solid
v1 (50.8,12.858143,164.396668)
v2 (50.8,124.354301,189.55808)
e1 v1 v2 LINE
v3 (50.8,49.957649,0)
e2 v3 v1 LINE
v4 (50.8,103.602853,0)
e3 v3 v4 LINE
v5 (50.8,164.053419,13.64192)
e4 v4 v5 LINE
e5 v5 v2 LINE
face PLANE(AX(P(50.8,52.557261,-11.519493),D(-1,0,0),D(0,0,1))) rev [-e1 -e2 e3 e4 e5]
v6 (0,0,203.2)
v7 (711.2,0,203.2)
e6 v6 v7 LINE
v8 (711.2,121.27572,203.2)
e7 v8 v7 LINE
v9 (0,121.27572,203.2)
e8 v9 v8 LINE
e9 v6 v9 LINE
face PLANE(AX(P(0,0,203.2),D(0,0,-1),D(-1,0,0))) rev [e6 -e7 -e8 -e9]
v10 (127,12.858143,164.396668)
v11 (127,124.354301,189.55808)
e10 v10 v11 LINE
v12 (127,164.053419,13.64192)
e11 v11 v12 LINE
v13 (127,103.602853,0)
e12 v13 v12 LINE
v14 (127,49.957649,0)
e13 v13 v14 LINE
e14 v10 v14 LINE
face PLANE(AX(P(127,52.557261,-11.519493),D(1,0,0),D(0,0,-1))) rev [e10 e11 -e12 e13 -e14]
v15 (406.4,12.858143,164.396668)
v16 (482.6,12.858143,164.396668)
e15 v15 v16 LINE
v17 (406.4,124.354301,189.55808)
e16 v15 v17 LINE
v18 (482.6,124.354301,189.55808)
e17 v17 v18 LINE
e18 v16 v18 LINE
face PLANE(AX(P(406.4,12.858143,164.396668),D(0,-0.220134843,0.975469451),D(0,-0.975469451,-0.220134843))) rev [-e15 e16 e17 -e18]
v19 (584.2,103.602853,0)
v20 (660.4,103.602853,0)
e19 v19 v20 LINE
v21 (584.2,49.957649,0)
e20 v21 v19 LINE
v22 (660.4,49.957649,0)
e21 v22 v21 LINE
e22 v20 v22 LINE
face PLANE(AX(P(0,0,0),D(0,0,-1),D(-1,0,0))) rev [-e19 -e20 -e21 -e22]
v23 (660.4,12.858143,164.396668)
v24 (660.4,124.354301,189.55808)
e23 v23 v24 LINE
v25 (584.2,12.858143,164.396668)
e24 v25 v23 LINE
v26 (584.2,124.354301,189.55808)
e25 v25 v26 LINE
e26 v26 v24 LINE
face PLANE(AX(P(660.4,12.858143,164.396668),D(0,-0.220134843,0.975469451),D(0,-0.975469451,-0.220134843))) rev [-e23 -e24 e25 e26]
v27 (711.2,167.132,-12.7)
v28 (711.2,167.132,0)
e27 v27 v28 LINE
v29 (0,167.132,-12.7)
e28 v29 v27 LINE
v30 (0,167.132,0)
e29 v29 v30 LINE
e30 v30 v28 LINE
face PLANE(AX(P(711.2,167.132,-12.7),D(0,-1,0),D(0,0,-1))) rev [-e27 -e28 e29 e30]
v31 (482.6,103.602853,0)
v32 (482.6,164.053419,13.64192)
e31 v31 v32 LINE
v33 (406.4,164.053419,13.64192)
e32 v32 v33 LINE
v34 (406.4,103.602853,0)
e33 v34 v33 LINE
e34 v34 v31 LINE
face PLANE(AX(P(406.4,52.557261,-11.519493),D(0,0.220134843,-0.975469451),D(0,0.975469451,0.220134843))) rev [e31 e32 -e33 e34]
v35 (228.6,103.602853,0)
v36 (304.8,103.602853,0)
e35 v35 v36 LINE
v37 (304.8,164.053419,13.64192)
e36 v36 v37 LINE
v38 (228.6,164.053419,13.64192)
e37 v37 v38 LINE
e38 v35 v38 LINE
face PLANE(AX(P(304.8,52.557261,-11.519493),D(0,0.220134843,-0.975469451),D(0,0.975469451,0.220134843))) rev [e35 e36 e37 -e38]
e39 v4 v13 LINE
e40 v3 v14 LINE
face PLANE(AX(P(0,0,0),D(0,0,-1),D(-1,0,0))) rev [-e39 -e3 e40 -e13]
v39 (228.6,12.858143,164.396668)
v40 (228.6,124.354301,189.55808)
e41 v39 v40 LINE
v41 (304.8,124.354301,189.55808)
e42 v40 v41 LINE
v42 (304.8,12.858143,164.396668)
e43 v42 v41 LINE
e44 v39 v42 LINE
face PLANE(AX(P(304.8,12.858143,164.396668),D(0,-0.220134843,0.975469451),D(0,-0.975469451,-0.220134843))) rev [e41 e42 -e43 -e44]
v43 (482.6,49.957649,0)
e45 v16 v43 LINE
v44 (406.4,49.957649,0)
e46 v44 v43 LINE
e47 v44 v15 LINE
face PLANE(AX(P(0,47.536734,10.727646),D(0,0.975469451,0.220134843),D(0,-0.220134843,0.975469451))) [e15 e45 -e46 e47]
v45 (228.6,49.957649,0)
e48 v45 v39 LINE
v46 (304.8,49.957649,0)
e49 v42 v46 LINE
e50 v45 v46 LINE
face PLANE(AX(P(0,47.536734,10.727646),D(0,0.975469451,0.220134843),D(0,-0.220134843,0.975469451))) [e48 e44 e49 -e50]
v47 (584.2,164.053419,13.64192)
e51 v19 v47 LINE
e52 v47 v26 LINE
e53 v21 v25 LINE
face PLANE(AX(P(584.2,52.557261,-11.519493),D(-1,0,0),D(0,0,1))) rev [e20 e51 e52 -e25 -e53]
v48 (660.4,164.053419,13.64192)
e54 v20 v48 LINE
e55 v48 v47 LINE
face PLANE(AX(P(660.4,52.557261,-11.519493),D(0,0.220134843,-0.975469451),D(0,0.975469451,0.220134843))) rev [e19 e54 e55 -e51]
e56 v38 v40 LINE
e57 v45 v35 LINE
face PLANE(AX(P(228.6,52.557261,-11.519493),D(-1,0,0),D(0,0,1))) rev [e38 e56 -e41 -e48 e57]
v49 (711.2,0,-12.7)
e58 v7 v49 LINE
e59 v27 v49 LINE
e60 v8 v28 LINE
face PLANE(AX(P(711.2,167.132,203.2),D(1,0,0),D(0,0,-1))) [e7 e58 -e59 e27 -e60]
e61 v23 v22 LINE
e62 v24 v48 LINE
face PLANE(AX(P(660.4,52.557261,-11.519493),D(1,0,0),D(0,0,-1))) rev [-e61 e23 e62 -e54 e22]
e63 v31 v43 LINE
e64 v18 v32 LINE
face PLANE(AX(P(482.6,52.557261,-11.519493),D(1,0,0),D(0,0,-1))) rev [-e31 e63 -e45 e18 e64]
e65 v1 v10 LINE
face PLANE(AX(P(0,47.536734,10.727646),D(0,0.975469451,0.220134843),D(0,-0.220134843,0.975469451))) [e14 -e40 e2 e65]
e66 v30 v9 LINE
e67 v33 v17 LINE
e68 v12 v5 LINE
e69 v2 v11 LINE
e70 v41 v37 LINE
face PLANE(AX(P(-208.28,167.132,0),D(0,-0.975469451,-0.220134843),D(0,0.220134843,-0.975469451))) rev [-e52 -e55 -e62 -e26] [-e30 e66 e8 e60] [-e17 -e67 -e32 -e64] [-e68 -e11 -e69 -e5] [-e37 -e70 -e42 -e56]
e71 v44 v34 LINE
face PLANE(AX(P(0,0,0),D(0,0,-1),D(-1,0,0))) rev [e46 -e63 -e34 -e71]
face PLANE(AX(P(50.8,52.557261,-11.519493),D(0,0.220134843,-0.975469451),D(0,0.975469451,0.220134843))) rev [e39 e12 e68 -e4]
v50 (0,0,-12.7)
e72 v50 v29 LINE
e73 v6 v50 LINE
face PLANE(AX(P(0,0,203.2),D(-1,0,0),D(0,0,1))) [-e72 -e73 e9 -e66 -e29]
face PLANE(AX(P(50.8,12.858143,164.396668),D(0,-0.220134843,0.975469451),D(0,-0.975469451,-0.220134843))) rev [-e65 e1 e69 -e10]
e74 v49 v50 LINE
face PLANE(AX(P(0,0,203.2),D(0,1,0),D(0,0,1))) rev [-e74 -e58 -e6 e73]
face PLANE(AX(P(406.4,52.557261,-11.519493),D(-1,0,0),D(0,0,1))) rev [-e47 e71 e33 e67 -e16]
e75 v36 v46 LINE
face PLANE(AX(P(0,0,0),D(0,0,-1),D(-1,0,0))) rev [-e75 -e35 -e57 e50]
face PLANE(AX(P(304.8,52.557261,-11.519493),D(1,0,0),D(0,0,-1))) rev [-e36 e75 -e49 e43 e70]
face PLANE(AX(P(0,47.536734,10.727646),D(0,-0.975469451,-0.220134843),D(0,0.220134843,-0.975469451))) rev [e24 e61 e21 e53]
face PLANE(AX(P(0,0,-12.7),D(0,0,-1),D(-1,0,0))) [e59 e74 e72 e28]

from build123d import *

# Parameters (mm, degrees)
SKETCH1_W           = 711.2
SKETCH1_H           = 167.132
BOSS_EXTRUDE2_DEPTH = 203.2
CUT_EXTRUDE3_DEPTH  = 919.48
SKETCH6_W           = 76.2
SKETCH6_H           = 180.34
CUT_EXTRUDE5_DEPTH  = 114.3
SKETCH7_W           = 711.2
SKETCH7_H           = 167.132
BOSS_EXTRUDE3_DEPTH = 12.7


with BuildPart() as part:
    # Sketch1 → Boss-Extrude2 (new body)
    with BuildSketch(Plane.XY):
        with Locations((355.6, 83.566)):
            Rectangle(SKETCH1_W, SKETCH1_H)
    extrude(amount=BOSS_EXTRUDE2_DEPTH)

    # Sketch5 → Cut-Extrude3 (cut)
    with BuildSketch(Plane(origin=(711.2, 0, 0), x_dir=(0, 0, -1), z_dir=(1, 0, 0))):
        Polygon((0, 167.132), (-203.2, 121.275720121), (-203.2, 167.132), align=None)
    extrude(amount=-CUT_EXTRUDE3_DEPTH, mode=Mode.SUBTRACT)

    # Sketch6 → Cut-Extrude5 (cut)
    with BuildSketch(Plane(origin=(0, 159.032892036, 35.88905909), x_dir=(1, 0, 0), z_dir=(0, 0.9754694514544971, 0.22013484340072725))):
        with Locations((266.7, -67.363402116)):
            Rectangle(SKETCH6_W, SKETCH6_H)
        with Locations((88.9, -67.363402116)):
            Rectangle(SKETCH6_W, SKETCH6_H)
        with Locations((444.5, -67.363402116)):
            Rectangle(SKETCH6_W, SKETCH6_H)
        with Locations((622.3, -67.363402116)):
            Rectangle(SKETCH6_W, SKETCH6_H)
    extrude(amount=-CUT_EXTRUDE5_DEPTH, mode=Mode.SUBTRACT)

    # Sketch7 → Boss-Extrude3 (add)
    with BuildSketch(Plane(origin=(0, 0, 0), x_dir=(-1, 0, 0), z_dir=(0, 0, -1))):
        with Locations((-355.6, 83.566)):
            Rectangle(SKETCH7_W, SKETCH7_H)
    extrude(amount=BOSS_EXTRUDE3_DEPTH)


solid = part.part
